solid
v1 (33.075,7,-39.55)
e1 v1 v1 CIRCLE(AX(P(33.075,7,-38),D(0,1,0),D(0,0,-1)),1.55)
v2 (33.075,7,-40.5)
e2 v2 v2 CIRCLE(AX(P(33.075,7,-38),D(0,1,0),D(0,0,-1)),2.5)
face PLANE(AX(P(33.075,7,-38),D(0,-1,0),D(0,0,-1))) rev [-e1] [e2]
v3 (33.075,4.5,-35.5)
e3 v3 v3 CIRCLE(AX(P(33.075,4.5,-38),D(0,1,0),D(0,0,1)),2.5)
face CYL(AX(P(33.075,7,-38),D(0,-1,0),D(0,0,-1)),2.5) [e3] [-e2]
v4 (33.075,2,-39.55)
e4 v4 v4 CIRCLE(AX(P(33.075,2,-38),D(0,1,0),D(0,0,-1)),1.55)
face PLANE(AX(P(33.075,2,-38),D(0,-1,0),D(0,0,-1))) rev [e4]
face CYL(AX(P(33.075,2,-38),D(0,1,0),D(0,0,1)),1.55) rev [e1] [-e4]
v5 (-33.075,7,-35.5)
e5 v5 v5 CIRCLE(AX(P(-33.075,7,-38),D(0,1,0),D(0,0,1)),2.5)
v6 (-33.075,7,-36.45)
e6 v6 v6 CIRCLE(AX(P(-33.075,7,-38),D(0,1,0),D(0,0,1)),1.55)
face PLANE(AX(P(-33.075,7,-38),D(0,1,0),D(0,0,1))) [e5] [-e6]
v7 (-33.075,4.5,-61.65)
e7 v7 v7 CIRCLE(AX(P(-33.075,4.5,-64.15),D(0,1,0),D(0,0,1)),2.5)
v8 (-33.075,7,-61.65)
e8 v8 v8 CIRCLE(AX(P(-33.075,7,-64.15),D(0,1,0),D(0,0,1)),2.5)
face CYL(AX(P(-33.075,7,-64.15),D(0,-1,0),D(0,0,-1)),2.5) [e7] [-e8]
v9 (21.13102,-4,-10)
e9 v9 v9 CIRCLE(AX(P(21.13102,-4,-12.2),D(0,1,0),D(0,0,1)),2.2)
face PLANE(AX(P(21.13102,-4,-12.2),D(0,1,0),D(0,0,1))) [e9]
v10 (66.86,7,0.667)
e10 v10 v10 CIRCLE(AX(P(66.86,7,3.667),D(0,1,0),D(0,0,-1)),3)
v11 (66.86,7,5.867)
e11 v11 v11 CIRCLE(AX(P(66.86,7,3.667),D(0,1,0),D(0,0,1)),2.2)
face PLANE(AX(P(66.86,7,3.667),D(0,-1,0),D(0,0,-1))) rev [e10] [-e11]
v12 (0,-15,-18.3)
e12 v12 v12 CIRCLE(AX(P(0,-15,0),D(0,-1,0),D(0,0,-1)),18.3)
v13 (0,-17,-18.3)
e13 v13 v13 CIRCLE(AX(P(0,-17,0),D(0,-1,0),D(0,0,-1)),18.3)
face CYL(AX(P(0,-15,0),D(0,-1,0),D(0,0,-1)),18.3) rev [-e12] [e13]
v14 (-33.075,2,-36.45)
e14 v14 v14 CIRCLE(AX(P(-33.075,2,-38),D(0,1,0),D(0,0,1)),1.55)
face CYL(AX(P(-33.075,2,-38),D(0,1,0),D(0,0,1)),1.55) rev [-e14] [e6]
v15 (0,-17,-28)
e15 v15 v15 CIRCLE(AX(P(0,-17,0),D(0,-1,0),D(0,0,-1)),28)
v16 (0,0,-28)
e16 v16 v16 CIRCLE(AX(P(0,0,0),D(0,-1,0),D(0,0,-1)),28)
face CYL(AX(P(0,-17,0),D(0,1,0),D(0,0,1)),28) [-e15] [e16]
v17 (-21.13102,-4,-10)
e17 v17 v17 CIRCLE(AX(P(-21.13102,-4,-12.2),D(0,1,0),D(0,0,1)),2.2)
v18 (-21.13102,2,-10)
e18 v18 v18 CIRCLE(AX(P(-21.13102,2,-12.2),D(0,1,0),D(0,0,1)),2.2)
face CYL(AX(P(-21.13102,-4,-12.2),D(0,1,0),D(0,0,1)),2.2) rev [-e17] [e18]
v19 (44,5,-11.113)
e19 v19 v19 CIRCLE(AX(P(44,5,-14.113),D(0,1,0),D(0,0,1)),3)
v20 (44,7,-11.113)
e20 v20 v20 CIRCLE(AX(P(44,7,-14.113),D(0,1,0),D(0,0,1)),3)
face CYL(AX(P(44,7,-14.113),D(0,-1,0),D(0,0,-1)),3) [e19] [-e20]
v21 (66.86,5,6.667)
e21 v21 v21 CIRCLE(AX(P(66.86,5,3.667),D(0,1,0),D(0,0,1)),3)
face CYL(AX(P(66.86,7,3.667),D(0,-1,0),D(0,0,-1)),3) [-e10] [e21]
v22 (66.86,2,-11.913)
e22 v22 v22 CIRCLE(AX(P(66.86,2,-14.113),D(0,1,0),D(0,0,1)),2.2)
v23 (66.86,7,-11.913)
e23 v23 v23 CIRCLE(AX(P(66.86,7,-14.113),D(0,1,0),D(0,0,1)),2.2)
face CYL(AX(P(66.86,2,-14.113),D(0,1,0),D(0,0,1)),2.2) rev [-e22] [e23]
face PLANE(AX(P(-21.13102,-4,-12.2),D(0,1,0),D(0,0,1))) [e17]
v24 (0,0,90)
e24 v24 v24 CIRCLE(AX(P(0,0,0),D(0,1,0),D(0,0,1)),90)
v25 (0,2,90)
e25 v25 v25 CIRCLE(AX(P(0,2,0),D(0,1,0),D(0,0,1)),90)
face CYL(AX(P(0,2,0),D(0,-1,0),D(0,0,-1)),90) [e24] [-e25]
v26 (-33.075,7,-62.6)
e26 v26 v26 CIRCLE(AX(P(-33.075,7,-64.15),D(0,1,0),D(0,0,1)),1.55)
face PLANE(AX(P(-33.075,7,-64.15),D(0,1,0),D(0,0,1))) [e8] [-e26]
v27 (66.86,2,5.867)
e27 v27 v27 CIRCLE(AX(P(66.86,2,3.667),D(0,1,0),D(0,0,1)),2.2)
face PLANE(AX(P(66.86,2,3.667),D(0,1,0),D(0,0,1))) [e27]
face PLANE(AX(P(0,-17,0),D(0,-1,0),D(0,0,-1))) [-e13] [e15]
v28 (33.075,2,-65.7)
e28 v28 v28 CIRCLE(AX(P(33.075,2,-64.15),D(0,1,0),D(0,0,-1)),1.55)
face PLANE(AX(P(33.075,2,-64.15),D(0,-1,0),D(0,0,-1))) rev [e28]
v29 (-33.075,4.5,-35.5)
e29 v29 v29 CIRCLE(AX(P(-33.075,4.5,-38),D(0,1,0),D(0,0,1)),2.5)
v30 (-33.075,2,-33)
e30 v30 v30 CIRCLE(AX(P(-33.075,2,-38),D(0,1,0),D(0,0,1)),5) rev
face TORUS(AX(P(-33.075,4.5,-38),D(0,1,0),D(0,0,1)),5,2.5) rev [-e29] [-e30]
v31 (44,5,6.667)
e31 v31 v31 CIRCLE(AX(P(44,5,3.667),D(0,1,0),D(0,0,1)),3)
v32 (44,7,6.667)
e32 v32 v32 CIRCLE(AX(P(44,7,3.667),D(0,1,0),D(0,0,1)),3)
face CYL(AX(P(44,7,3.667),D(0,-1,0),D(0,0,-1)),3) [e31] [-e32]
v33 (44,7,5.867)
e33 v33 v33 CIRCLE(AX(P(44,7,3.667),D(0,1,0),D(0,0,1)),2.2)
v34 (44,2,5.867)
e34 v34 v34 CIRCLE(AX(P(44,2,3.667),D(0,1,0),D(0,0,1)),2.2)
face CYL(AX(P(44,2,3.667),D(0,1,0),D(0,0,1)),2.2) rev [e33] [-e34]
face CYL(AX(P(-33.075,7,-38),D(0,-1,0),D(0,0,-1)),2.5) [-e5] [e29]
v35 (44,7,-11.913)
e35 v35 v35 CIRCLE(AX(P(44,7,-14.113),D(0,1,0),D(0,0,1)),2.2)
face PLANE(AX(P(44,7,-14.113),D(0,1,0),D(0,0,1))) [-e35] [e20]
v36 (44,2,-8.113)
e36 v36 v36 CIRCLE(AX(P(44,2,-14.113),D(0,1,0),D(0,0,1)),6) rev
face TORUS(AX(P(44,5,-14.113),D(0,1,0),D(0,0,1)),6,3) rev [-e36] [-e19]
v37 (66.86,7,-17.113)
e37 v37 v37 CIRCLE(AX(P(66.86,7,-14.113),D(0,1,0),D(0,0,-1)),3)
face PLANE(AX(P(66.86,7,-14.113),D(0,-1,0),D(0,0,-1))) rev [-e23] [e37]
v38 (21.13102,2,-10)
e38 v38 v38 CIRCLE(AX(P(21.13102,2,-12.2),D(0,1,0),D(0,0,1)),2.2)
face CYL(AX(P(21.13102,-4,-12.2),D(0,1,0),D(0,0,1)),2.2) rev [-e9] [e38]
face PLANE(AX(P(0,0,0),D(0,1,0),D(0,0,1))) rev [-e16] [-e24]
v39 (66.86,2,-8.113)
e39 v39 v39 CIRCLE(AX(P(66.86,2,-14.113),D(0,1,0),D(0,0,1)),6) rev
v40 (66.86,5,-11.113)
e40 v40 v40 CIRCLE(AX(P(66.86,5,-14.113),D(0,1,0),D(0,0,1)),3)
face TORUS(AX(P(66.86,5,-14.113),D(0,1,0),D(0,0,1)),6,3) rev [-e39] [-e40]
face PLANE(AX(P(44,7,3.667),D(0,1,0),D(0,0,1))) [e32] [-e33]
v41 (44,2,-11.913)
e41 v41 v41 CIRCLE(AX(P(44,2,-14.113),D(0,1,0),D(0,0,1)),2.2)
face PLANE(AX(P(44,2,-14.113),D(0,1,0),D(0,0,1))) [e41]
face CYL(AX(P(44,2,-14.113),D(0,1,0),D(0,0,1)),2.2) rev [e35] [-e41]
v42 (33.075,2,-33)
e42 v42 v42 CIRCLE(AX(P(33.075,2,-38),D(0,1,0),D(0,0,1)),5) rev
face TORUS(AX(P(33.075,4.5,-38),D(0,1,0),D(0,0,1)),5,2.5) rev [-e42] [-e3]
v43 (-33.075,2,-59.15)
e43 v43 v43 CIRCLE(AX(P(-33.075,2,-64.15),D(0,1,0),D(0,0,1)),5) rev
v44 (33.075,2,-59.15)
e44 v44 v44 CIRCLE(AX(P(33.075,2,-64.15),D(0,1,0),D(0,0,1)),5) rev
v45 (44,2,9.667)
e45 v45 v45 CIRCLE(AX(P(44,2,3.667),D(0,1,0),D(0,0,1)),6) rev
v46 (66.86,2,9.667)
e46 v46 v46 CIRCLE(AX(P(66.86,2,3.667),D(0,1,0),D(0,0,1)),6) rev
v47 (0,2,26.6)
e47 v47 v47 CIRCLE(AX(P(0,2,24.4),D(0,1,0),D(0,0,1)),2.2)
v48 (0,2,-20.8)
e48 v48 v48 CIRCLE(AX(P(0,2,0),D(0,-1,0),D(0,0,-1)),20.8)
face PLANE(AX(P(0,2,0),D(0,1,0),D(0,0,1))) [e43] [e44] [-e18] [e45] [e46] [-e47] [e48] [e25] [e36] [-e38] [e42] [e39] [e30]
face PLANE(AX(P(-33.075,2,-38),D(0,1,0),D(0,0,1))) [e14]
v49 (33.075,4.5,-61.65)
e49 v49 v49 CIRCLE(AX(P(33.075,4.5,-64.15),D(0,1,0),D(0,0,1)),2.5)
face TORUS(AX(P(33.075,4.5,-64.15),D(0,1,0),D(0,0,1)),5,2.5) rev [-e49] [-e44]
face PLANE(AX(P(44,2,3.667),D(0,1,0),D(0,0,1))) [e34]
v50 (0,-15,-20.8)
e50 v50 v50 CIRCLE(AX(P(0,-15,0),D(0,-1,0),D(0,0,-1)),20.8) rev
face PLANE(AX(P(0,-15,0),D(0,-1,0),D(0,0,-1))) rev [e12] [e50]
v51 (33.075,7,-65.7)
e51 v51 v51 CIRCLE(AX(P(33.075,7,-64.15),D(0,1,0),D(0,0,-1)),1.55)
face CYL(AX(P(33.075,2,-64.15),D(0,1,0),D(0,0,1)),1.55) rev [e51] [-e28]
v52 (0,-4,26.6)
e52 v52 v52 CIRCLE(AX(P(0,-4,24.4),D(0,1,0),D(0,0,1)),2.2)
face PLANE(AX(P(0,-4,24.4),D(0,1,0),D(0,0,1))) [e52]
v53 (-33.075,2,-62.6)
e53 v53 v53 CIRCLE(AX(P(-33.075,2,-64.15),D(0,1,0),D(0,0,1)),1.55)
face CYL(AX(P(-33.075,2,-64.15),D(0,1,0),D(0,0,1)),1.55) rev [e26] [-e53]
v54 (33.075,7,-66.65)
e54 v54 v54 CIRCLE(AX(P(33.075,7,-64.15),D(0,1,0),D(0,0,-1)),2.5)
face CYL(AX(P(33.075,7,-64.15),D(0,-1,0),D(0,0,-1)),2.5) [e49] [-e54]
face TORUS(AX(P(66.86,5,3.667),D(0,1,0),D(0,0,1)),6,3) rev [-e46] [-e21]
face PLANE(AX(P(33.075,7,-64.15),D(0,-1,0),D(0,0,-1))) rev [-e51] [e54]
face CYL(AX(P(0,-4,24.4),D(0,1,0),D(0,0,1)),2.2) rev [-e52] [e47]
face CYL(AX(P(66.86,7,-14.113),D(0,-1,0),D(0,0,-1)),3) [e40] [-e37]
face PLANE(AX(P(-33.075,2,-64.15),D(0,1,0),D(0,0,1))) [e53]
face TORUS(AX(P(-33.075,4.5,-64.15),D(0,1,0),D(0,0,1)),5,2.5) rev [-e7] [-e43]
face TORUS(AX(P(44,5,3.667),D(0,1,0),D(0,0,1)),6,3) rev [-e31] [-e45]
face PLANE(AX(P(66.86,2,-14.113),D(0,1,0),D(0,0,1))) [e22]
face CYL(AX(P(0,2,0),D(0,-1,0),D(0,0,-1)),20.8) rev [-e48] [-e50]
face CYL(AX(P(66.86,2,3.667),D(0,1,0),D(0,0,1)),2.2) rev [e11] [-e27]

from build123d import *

# Parameters (mm, degrees)
BASE_PLATE_OUTLINE_R = 90
BOSS_EXTRUDE1_DEPTH  = 2
SKETCH3_R            = 28
BOSS_EXTRUDE2_DEPTH  = 17
SKETCH4_R            = 20.8
CUT_EXTRUDE1_DEPTH   = 129.689548915
BOSS_EXTRUDE3_START  = -2
SKETCH7_R            = 28
BOSS_EXTRUDE3_DEPTH  = 2
SKETCH8_R            = 18.3
CUT_EXTRUDE3_DEPTH   = 2
SKETCH13_R           = 2.2
CUT_EXTRUDE6_DEPTH   = 6
SKETCH9_R            = 2.5
BOSS_EXTRUDE4_DEPTH  = 5
SKETCH10_R           = 1.55
CUT_EXTRUDE4_DEPTH   = 5
FILLET1_R            = 2.5
SKETCH11_R           = 3
BOSS_EXTRUDE5_DEPTH  = 5
SKETCH12_R           = 2.2
CUT_EXTRUDE5_DEPTH   = 5
FILLET2_R            = 3


with BuildPart() as part:
    # Base Plate Outline → Boss-Extrude1 (new body)
    with BuildSketch(Plane(origin=(0, 0, 0), x_dir=(1, 0, 0), z_dir=(0, 1, 0))):
        with Locations(Location((0, 0, 0), (0, 0, 270))):
            Circle(BASE_PLATE_OUTLINE_R)
    extrude(amount=BOSS_EXTRUDE1_DEPTH)

    # Sketch3 → Boss-Extrude2 (add)
    with BuildSketch(Plane.XZ):
        with Locations(Location((0, 0, 0), (0, 0, 270))):
            Circle(SKETCH3_R)
    extrude(amount=BOSS_EXTRUDE2_DEPTH)

    # Sketch4 → Cut-Extrude1 (cut, through all)
    with BuildSketch(Plane.XZ.offset(17)):
        with Locations(Location((0, 0, 0), (0, 0, 270))):
            Circle(SKETCH4_R)
    extrude(amount=-CUT_EXTRUDE1_DEPTH, mode=Mode.SUBTRACT)

    # Sketch7 → Boss-Extrude3 (add)
    with BuildSketch(Plane.XZ.offset(17).offset(BOSS_EXTRUDE3_START)):
        with Locations(Location((0, 0, 0), (0, 0, 270))):
            Circle(SKETCH7_R)
    extrude(amount=BOSS_EXTRUDE3_DEPTH)

    # Sketch8 → Cut-Extrude3 (cut)
    with BuildSketch(Plane.XZ.offset(17)):
        with Locations(Location((0, 0, 0), (0, 0, 270))):
            Circle(SKETCH8_R)
    extrude(amount=-CUT_EXTRUDE3_DEPTH, mode=Mode.SUBTRACT)

    # Sketch13 → Cut-Extrude6 (cut)
    with BuildSketch(Plane(origin=(0, 2, 0), x_dir=(1, 0, 0), z_dir=(0, 1, 0))):
        with Locations(Location((0, -24.4, 0), (0, 0, 270))):
            Circle(SKETCH13_R)
        with Locations(Location((-21.131019852, 12.2, 0), (0, 0, 270))):
            Circle(SKETCH13_R)
        with Locations(Location((21.131019852, 12.2, 0), (0, 0, 270))):
            Circle(SKETCH13_R)
    extrude(amount=-CUT_EXTRUDE6_DEPTH, mode=Mode.SUBTRACT)

    # Sketch9 → Boss-Extrude4 (add)
    with BuildSketch(Plane(origin=(0, 2, 0), x_dir=(1, 0, 0), z_dir=(0, 1, 0))):
        with Locations(Location((-33.075, 38, 0), (0, 0, 270))):
            Circle(SKETCH9_R)
        with Locations(Location((-33.075, 64.15, 0), (0, 0, 270))):
            Circle(SKETCH9_R)
        with Locations(Location((33.075, 64.15, 0), (0, 0, 90))):
            Circle(SKETCH9_R)
        with Locations(Location((33.075, 38, 0), (0, 0, 90))):
            Circle(SKETCH9_R)
    extrude(amount=BOSS_EXTRUDE4_DEPTH)

    # Sketch10 → Cut-Extrude4 (cut)
    with BuildSketch(Plane(origin=(0, 7, 0), x_dir=(1, 0, 0), z_dir=(0, 1, 0))):
        with Locations(Location((-33.075, 38, 0), (0, 0, 270))):
            Circle(SKETCH10_R)
        with Locations(Location((-33.075, 64.15, 0), (0, 0, 270))):
            Circle(SKETCH10_R)
        with Locations(Location((33.075, 38, 0), (0, 0, 90))):
            Circle(SKETCH10_R)
        with Locations(Location((33.075, 64.15, 0), (0, 0, 90))):
            Circle(SKETCH10_R)
    extrude(amount=-CUT_EXTRUDE4_DEPTH, mode=Mode.SUBTRACT)

    # Fillet1
    fillet1_edges = [part.edges().sort_by_distance(p)[0] for p in [
        (-33.075, 2, -40.5),
        (-33.075, 2, -66.65),
        (33.075, 2, -61.65),
        (33.075, 2, -35.5),
    ]]
    fillet(fillet1_edges, radius=FILLET1_R)

    # Sketch11 → Boss-Extrude5 (add)
    with BuildSketch(Plane(origin=(0, 2, 0), x_dir=(1, 0, 0), z_dir=(0, 1, 0))):
        with Locations(Location((44, -3.667, 0), (0, 0, 270))):
            Circle(SKETCH11_R)
        with Locations(Location((44, 14.113, 0), (0, 0, 270))):
            Circle(SKETCH11_R)
        with Locations(Location((66.86, -3.667, 0), (0, 0, 90))):
            Circle(SKETCH11_R)
        with Locations(Location((66.86, 14.113, 0), (0, 0, 90))):
            Circle(SKETCH11_R)
    extrude(amount=BOSS_EXTRUDE5_DEPTH)

    # Sketch12 → Cut-Extrude5 (cut)
    with BuildSketch(Plane(origin=(0, 7, 0), x_dir=(1, 0, 0), z_dir=(0, 1, 0))):
        with Locations(Location((44, -3.667, 0), (0, 0, 270))):
            Circle(SKETCH12_R)
        with Locations(Location((44, 14.113, 0), (0, 0, 270))):
            Circle(SKETCH12_R)
        with Locations(Location((66.86, 14.113, 0), (0, 0, 270))):
            Circle(SKETCH12_R)
        with Locations(Location((66.86, -3.667, 0), (0, 0, 270))):
            Circle(SKETCH12_R)
    extrude(amount=-CUT_EXTRUDE5_DEPTH, mode=Mode.SUBTRACT)

    # Fillet2
    fillet2_edges = [part.edges().sort_by_distance(p)[0] for p in [
        (66.86, 2, -11.113),
        (44, 2, 0.667),
        (44, 2, -17.113),
        (66.86, 2, 6.667),
    ]]
    fillet(fillet2_edges, radius=FILLET2_R)


solid = part.part
